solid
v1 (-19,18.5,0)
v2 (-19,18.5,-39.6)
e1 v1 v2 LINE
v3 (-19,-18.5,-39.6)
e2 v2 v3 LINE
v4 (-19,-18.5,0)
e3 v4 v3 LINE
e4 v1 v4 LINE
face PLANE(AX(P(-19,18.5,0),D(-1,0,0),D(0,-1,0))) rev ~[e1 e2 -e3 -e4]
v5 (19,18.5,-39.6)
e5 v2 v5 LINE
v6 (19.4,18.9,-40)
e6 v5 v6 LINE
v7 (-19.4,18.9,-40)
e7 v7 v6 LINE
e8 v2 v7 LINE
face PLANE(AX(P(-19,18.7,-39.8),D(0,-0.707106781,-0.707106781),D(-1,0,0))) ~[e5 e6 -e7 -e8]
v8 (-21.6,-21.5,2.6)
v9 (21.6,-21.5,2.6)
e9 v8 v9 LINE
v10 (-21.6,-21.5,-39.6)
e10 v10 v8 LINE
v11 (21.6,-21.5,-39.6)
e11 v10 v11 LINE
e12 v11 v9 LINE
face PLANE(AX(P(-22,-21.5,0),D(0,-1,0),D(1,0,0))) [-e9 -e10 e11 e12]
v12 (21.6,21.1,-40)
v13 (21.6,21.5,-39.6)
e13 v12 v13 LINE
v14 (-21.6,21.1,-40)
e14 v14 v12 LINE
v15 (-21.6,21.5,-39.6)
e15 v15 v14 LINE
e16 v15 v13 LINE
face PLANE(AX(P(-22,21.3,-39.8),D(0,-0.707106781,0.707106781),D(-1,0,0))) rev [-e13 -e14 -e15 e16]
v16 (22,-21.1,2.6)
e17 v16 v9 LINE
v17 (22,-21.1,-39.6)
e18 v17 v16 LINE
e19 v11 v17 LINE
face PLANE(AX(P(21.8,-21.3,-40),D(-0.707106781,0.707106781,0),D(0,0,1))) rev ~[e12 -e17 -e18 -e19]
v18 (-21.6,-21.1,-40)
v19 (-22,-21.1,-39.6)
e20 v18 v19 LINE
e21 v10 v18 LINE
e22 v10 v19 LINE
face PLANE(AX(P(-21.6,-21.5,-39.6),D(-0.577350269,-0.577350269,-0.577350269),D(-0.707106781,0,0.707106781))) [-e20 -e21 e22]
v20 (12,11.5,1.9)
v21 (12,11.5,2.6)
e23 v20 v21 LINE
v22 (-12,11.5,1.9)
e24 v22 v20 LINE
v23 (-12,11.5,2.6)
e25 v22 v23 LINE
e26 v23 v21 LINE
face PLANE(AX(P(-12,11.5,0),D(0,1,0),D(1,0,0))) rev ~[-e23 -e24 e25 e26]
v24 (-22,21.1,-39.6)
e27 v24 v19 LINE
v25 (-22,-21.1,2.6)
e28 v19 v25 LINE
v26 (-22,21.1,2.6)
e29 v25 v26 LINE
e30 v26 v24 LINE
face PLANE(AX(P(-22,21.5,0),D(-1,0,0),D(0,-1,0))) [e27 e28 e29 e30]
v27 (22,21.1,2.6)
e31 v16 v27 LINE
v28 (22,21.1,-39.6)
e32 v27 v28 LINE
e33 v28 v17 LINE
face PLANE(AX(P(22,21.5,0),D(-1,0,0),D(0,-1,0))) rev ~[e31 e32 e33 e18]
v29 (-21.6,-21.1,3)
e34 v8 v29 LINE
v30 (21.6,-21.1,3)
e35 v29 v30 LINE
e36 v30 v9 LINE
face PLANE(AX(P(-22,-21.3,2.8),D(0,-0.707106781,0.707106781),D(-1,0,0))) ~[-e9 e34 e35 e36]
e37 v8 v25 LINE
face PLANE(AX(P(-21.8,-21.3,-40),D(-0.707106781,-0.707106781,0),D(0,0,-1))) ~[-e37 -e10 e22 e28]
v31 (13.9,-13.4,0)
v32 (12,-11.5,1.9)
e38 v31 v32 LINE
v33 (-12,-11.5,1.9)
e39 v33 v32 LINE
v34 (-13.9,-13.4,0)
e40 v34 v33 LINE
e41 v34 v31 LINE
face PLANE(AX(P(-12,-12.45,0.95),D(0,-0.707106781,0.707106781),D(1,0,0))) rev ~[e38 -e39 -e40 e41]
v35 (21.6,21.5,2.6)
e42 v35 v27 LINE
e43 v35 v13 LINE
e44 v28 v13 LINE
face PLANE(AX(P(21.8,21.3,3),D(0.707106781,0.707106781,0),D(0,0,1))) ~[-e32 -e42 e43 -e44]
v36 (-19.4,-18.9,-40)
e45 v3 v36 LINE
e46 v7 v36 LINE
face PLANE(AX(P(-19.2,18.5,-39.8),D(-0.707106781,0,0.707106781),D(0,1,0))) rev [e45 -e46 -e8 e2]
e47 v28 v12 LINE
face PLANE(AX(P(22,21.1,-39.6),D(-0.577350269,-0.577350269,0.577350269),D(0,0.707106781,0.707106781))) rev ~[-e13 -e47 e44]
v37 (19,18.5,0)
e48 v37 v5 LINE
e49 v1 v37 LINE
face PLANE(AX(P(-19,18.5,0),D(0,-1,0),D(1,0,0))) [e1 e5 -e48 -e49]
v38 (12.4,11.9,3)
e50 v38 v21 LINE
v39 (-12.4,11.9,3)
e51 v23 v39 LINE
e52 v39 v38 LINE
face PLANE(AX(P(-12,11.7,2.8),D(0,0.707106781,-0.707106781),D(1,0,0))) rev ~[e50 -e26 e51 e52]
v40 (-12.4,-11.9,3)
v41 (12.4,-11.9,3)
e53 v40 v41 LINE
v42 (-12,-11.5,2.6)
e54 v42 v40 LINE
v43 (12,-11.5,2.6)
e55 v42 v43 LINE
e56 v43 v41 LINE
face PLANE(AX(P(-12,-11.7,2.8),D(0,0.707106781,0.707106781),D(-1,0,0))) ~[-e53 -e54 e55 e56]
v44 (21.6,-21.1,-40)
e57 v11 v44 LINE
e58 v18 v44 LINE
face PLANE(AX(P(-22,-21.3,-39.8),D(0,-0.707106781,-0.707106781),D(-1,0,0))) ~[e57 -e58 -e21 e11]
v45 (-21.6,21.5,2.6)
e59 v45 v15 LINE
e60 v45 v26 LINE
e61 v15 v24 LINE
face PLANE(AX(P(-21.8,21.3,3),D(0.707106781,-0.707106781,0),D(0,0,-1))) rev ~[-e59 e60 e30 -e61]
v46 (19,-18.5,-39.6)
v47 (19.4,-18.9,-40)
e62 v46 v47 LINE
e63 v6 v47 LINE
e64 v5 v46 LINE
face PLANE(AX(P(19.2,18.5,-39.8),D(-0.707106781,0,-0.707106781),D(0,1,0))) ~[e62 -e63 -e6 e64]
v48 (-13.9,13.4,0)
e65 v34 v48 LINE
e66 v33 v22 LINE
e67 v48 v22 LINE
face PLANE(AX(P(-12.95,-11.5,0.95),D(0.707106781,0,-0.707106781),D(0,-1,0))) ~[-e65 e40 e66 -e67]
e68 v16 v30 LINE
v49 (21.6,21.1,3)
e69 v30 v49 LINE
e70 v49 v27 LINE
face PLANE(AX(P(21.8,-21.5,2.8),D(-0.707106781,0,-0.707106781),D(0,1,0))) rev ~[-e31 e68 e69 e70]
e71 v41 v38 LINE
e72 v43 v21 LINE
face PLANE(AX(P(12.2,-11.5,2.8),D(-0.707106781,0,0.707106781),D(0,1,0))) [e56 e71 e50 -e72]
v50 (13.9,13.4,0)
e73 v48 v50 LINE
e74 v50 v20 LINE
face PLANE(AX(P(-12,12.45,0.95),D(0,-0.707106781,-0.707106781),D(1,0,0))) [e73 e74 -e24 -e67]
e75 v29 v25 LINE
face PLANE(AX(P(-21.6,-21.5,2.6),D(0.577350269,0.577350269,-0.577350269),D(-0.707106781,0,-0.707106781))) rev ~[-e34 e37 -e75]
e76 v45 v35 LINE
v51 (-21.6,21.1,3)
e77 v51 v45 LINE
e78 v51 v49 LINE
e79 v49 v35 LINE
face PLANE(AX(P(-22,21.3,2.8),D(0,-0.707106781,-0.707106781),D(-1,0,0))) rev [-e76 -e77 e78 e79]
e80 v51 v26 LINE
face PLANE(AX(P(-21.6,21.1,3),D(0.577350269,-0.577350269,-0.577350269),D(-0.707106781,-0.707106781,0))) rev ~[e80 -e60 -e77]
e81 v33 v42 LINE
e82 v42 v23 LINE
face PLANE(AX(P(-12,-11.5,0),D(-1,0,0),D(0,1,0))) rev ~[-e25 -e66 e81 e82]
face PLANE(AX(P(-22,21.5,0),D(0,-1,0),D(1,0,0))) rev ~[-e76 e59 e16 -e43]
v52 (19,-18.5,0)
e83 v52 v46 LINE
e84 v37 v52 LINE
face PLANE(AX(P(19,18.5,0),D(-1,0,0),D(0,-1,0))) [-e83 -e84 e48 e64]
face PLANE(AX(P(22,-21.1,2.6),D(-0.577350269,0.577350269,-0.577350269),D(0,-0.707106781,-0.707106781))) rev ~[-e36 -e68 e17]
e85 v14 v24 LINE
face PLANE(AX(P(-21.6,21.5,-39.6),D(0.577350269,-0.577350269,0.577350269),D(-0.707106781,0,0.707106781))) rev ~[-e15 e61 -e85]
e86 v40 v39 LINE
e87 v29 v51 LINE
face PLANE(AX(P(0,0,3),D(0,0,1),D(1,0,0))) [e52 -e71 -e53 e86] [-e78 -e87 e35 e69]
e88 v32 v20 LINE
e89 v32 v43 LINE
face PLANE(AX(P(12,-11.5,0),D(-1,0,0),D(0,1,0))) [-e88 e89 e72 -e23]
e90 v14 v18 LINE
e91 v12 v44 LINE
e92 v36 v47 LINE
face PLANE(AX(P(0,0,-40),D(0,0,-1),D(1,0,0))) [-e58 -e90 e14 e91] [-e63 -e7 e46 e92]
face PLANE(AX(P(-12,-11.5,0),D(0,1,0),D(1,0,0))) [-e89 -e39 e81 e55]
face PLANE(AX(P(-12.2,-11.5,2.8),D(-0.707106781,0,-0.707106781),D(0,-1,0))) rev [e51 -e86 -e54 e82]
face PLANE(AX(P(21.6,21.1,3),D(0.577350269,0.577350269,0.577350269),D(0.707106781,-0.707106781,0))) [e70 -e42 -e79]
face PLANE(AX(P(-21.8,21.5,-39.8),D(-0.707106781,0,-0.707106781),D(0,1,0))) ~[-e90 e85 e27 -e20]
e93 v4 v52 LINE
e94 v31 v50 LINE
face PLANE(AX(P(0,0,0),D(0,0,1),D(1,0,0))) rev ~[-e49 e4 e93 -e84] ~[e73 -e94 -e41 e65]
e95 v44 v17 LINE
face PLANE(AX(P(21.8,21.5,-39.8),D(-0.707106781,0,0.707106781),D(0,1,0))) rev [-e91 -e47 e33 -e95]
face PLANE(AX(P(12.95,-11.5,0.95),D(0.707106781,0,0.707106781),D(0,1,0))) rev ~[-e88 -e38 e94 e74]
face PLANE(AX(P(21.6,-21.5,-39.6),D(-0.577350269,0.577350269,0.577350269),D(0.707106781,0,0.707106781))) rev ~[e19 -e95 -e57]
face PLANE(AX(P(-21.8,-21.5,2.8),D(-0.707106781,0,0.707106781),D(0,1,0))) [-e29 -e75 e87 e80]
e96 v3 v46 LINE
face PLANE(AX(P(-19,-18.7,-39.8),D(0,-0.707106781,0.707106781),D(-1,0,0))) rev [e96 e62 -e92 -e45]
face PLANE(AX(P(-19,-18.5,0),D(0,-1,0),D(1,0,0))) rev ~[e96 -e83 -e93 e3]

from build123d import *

# Parameters (mm, degrees)
SKETCH006_W     = 44
SKETCH006_H     = 43
SKETCH006_W_2   = 24
SKETCH006_H_2   = 23
PAD007_DEPTH    = 3
SKETCH007_W     = 44
SKETCH007_H     = 43
SKETCH007_W_2   = 38
SKETCH007_H_2   = 37
PAD008_DEPTH    = 40
CHAMFER007_SIZE = 1.9
CHAMFER008_SIZE = 0.4


with BuildPart() as part:
    # Sketch006 → Pad007 (new body)
    with BuildSketch(Plane.XY):
        Rectangle(SKETCH006_W, SKETCH006_H)
        Rectangle(SKETCH006_W_2, SKETCH006_H_2, mode=Mode.SUBTRACT)
    extrude(amount=PAD007_DEPTH)

    # Sketch007 (on Face9 of Pad007) → Pad008 (join)
    with BuildSketch(Plane(origin=(0, 0, 0), x_dir=(1, 0, 0), z_dir=(0, 0, -1))):
        Rectangle(SKETCH007_W, SKETCH007_H)
        Rectangle(SKETCH007_W_2, SKETCH007_H_2, mode=Mode.SUBTRACT)
    extrude(amount=PAD008_DEPTH)

    # Chamfer007
    chamfer007_edges = [part.edges().sort_by_distance(p)[0] for p in [
        (0, -11.5, 0),
        (12, 0, 0),
        (0, 11.5, 0),
        (-12, 0, 0),
    ]]
    chamfer(chamfer007_edges, length=CHAMFER007_SIZE)

    # Chamfer008
    chamfer008_edges = [part.edges().sort_by_distance(p)[0] for p in [
        (-22, 0, -40),
        (0, 21.5, -40),
        (22, 0, -40),
        (0, -21.5, -40),
        (-19, 0, -40),
        (0, 18.5, -40),
        (19, 0, -40),
        (0, -18.5, -40),
        (22, 21.5, -18.5),
        (-22, 21.5, -18.5),
        (0, 21.5, 3),
        (-22, 0, 3),
        (0, -21.5, 3),
        (22, 0, 3),
        (-12, 0, 3),
        (0, -11.5, 3),
        (12, 0, 3),
        (0, 11.5, 3),
        (-22, -21.5, -18.5),
        (22, -21.5, -18.5),
    ]]
    chamfer(chamfer008_edges, length=CHAMFER008_SIZE)


solid = part.part
